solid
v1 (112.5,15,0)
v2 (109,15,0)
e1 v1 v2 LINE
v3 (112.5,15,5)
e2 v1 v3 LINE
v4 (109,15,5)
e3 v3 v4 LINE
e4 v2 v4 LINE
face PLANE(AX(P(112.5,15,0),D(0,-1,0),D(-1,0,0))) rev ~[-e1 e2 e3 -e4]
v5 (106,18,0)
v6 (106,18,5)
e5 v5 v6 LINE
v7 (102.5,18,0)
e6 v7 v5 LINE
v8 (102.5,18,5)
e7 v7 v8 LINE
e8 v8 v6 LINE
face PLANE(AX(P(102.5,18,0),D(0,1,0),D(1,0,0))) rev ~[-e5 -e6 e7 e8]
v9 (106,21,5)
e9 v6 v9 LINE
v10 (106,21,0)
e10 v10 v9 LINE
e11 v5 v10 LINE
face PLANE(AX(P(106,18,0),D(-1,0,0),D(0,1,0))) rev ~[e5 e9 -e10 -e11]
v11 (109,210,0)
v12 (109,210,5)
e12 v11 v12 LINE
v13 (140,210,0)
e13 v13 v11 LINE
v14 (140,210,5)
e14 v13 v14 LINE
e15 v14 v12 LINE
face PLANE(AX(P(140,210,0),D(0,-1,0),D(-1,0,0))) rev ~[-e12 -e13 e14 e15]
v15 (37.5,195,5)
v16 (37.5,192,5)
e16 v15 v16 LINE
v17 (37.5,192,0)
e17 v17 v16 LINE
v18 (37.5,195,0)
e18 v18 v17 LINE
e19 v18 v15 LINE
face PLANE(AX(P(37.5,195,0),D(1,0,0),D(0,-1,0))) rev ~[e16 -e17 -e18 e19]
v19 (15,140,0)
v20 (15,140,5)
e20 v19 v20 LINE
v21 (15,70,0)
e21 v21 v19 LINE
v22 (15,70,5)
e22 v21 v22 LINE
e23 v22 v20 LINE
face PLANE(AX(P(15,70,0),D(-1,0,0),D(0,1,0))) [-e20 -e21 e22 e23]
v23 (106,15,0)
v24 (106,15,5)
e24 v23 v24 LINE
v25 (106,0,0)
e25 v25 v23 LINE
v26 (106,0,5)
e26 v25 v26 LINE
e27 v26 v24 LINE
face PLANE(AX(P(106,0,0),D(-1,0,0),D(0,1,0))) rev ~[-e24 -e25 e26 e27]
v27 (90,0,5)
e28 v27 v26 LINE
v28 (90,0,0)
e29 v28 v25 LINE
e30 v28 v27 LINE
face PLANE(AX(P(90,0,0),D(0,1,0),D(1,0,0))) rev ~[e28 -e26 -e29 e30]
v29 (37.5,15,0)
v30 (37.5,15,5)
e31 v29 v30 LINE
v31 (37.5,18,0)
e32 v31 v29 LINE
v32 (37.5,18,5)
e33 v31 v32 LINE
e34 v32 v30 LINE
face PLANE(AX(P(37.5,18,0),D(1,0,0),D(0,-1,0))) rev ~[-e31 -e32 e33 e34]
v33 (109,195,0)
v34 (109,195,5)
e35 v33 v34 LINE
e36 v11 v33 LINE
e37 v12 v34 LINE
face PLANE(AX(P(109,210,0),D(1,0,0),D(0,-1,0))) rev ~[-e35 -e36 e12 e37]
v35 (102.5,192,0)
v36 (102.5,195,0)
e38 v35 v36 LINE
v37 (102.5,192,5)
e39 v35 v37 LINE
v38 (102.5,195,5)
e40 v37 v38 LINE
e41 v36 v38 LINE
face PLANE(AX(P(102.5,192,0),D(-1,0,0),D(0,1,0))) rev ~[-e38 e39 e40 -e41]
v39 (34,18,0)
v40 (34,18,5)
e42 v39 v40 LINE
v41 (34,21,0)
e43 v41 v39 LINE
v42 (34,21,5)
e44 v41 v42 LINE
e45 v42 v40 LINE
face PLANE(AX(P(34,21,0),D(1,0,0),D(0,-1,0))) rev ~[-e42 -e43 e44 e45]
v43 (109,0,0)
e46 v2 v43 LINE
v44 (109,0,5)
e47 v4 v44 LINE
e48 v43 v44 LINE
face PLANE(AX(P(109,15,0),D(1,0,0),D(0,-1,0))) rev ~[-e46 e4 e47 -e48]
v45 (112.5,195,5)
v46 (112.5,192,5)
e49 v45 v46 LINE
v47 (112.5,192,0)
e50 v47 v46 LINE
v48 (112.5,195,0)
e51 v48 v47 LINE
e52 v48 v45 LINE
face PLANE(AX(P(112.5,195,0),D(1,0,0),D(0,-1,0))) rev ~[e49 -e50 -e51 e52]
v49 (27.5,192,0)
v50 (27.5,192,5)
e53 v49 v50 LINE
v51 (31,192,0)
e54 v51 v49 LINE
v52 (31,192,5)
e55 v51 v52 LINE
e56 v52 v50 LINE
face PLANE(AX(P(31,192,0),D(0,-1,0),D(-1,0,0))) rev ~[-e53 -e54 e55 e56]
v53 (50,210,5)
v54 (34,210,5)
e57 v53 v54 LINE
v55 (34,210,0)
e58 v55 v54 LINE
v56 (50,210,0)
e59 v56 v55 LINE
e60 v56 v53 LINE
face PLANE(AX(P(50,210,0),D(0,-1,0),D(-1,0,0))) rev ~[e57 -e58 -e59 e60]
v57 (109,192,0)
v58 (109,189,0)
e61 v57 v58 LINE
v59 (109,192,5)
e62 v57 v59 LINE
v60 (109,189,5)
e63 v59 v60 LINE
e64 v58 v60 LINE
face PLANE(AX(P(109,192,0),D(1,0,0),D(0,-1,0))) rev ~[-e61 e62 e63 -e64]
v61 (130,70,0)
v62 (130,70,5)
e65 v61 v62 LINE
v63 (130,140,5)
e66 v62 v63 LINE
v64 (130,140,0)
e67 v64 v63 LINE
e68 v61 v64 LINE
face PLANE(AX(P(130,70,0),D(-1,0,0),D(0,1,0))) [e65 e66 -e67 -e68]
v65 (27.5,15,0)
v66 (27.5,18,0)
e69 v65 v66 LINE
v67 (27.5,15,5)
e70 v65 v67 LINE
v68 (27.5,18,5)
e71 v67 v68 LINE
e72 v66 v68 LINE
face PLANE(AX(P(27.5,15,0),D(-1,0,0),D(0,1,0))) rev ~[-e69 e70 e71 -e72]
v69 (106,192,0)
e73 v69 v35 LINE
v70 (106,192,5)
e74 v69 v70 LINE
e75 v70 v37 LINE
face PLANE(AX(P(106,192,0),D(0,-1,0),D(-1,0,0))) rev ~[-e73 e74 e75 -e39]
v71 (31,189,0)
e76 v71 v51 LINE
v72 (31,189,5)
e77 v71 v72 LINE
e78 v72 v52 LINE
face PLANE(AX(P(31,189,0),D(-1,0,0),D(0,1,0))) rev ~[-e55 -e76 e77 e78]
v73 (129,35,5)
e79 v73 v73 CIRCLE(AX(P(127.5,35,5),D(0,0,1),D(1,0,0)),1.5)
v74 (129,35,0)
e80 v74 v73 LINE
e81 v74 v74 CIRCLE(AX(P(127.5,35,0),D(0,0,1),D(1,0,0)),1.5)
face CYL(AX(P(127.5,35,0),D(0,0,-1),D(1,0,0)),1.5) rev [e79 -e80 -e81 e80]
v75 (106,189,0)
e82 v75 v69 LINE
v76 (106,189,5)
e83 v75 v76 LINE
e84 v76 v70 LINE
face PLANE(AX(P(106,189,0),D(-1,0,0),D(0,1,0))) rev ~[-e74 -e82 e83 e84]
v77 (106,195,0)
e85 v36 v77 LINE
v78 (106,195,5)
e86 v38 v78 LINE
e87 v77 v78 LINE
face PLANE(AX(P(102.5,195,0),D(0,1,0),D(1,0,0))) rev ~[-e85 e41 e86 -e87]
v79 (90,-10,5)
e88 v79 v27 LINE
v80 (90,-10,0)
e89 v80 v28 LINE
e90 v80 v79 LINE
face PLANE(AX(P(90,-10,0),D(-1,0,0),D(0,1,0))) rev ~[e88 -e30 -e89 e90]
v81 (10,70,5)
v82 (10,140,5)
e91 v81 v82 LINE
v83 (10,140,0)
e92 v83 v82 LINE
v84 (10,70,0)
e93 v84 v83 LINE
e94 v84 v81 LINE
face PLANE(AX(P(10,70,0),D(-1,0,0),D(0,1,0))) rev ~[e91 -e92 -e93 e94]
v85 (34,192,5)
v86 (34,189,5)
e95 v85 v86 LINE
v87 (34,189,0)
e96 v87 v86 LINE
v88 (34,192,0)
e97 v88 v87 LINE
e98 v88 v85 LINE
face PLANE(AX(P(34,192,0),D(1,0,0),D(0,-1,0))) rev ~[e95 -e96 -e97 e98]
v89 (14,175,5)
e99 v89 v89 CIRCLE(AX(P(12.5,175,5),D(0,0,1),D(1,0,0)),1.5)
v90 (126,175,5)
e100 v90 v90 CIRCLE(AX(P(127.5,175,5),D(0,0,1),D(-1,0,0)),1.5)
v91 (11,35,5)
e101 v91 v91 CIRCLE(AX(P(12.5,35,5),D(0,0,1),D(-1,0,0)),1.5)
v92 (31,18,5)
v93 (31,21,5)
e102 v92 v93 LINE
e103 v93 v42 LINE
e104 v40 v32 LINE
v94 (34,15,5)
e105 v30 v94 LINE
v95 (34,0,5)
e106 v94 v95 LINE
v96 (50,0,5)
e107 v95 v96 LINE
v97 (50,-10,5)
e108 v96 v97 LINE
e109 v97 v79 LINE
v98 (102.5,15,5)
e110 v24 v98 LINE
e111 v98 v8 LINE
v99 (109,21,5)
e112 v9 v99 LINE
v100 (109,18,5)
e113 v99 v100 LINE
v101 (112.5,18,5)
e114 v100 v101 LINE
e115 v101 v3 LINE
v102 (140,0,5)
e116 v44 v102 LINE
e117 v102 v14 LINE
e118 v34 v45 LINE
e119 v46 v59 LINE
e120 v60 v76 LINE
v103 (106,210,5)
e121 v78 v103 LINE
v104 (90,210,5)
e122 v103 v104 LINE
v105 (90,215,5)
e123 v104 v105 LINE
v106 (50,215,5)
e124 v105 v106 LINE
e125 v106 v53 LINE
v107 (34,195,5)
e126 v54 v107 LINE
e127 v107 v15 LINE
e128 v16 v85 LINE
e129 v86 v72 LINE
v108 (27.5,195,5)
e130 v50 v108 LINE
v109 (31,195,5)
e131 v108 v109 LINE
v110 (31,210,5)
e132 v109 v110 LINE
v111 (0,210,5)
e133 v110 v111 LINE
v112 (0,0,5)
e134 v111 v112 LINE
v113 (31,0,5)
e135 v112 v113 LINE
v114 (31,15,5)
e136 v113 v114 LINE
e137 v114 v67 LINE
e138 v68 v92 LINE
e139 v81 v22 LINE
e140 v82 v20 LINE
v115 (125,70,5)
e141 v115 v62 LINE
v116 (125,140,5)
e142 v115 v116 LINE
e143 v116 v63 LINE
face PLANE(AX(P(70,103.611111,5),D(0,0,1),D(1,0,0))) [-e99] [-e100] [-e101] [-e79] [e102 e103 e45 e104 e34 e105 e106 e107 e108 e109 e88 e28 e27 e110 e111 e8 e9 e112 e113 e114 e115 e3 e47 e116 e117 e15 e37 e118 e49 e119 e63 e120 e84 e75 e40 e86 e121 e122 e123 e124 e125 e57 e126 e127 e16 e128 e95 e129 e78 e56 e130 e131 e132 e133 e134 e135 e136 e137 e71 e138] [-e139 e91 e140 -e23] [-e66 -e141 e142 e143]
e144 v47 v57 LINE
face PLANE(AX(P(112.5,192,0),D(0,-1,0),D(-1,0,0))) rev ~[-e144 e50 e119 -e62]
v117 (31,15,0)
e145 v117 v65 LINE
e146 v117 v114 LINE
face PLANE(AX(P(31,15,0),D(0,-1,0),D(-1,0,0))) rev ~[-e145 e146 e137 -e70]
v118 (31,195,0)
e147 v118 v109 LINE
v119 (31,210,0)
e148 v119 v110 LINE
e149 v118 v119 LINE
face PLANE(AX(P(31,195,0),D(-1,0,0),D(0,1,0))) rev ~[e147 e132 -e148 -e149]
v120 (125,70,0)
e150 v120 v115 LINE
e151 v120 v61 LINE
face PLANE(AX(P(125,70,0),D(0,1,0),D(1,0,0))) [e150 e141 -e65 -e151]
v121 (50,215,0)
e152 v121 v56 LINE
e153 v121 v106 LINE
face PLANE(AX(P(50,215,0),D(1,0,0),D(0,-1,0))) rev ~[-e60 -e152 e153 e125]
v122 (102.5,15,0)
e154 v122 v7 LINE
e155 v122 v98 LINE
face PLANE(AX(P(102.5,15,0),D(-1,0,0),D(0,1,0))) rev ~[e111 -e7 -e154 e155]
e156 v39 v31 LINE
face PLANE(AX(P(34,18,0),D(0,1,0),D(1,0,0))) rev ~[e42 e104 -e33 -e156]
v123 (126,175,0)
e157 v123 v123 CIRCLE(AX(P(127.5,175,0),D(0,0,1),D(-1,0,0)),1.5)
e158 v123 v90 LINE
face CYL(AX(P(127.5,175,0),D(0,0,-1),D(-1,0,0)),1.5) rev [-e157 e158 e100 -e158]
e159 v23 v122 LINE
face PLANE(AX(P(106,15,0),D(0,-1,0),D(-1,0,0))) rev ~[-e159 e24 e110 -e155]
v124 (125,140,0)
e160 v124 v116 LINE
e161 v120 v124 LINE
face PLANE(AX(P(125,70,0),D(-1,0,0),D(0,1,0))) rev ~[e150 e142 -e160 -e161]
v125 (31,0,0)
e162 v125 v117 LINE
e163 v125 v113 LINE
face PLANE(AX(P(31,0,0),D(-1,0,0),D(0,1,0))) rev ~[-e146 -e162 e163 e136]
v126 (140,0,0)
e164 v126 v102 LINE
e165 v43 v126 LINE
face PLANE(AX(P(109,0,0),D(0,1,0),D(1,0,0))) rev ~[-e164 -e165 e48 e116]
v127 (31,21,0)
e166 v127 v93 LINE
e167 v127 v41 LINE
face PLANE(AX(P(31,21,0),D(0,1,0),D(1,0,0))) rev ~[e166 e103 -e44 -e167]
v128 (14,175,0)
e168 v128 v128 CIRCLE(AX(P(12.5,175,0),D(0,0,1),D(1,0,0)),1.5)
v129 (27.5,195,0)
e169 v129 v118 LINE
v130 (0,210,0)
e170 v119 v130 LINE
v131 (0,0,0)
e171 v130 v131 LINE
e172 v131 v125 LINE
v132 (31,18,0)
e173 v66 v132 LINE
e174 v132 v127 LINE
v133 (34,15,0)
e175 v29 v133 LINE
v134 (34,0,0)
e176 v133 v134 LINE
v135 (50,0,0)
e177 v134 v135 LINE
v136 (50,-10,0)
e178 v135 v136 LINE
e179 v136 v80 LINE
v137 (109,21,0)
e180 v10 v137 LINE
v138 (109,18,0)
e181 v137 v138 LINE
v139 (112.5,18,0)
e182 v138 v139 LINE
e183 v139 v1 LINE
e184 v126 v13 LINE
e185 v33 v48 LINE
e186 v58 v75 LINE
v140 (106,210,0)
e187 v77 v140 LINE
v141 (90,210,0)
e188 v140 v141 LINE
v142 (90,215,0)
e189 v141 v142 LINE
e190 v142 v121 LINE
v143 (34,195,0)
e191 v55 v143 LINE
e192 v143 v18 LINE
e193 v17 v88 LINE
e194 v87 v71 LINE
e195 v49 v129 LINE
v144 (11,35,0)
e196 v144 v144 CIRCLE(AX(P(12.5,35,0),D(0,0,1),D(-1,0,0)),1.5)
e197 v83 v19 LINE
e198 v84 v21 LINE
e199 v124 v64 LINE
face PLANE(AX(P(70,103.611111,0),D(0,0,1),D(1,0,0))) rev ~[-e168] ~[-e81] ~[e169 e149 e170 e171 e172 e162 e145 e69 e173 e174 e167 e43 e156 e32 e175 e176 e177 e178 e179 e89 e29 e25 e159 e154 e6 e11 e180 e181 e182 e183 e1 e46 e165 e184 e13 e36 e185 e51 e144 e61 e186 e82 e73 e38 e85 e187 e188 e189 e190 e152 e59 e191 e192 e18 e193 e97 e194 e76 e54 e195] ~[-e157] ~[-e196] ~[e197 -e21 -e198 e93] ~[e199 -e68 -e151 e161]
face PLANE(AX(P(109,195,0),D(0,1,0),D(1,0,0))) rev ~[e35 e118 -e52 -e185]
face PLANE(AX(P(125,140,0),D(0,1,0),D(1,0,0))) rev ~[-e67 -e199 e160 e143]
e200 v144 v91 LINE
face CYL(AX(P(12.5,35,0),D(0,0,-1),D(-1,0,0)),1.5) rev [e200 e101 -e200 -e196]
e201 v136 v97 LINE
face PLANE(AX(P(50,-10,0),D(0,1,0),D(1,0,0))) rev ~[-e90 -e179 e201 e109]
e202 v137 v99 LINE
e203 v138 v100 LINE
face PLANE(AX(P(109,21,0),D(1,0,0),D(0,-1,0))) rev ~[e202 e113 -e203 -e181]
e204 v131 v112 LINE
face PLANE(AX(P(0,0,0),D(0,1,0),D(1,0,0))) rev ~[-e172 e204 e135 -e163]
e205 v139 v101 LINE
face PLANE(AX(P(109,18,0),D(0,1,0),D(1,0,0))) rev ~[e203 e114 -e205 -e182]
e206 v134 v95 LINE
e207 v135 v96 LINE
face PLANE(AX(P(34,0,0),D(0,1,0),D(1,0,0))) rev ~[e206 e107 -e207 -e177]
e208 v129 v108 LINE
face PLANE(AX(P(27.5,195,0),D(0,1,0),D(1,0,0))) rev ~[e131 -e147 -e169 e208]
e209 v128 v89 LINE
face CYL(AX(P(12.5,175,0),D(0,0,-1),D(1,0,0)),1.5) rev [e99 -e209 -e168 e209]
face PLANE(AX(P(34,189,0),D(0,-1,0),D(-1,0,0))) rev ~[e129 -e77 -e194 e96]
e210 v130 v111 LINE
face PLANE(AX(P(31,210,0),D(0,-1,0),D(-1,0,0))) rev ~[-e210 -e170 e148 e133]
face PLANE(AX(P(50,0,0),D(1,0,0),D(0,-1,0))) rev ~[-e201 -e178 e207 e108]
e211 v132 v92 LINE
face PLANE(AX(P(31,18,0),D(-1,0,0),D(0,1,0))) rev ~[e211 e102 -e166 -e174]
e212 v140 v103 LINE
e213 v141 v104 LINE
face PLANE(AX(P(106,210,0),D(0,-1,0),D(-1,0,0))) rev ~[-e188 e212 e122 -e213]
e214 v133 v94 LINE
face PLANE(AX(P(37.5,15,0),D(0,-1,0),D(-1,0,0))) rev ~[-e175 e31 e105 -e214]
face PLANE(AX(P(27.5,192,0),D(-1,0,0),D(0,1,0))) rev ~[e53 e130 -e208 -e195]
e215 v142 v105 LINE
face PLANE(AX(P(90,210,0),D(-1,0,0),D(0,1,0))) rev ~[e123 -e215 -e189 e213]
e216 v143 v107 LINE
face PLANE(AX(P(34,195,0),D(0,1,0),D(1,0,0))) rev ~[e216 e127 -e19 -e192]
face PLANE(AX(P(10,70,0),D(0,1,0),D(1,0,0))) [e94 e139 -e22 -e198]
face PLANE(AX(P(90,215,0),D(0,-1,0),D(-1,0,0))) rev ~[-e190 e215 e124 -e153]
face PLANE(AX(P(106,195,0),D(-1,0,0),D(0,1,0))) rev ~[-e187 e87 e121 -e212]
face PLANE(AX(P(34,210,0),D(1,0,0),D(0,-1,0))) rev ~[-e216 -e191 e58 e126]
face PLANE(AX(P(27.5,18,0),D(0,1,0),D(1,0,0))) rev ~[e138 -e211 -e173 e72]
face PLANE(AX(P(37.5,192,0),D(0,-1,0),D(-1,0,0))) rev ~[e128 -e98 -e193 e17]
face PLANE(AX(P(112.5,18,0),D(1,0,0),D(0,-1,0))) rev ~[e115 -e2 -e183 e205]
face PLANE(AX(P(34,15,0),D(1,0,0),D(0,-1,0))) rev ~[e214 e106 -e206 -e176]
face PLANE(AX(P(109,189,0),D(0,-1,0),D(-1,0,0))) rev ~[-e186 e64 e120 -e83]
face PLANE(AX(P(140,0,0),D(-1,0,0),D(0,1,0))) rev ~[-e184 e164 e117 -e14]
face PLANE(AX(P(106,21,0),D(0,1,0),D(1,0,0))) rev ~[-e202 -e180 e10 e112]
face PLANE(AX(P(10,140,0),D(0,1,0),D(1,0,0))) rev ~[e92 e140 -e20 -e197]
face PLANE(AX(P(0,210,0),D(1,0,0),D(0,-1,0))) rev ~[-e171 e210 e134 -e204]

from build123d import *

# Parameters (mm, degrees)
CROQUIS1_R              = 1.5
CROQUIS1_W              = 5
CROQUIS1_H              = 70
SALIENTE_EXTRUIR1_DEPTH = 5


with BuildPart() as part:
    # Croquis1 → Saliente-Extruir1 (new body)
    with BuildSketch(Plane.XY):
        Polygon((0, 0), (31, 0), (31, 15), (27.5, 15), (27.5, 18), (31, 18), (31, 21), (34, 21), (34, 18), (37.5, 18), (37.5, 15), (34, 15), (34, 0), (50, 0), (50, -10), (90, -10), (90, 0), (106, 0), (106, 15), (102.5, 15), (102.5, 18), (106, 18), (106, 21), (109, 21), (109, 18), (112.5, 18), (112.5, 15), (109, 15), (109, 0), (140, 0), (140, 210), (109, 210), (109, 195), (112.5, 195), (112.5, 192), (109, 192), (109, 189), (106, 189), (106, 192), (102.5, 192), (102.5, 195), (106, 195), (106, 210), (90, 210), (90, 215), (50, 215), (50, 210), (34, 210), (34, 195), (37.5, 195), (37.5, 192), (34, 192), (34, 189), (31, 189), (31, 192), (27.5, 192), (27.5, 195), (31, 195), (31, 210), (0, 210), align=None)
        with Locations((12.5, 175)):
            Circle(CROQUIS1_R, mode=Mode.SUBTRACT)
        with Locations(Location((12.5, 35, 0), (0, 0, 180))):
            Circle(CROQUIS1_R, mode=Mode.SUBTRACT)
        with Locations(Location((127.5, 175, 0), (0, 0, 180))):
            Circle(CROQUIS1_R, mode=Mode.SUBTRACT)
        with Locations((127.5, 35)):
            Circle(CROQUIS1_R, mode=Mode.SUBTRACT)
        with Locations((127.5, 105)):
            Rectangle(CROQUIS1_W, CROQUIS1_H, mode=Mode.SUBTRACT)
        with Locations((12.5, 105)):
            Rectangle(CROQUIS1_W, CROQUIS1_H, mode=Mode.SUBTRACT)
    extrude(amount=SALIENTE_EXTRUIR1_DEPTH)


solid = part.part
